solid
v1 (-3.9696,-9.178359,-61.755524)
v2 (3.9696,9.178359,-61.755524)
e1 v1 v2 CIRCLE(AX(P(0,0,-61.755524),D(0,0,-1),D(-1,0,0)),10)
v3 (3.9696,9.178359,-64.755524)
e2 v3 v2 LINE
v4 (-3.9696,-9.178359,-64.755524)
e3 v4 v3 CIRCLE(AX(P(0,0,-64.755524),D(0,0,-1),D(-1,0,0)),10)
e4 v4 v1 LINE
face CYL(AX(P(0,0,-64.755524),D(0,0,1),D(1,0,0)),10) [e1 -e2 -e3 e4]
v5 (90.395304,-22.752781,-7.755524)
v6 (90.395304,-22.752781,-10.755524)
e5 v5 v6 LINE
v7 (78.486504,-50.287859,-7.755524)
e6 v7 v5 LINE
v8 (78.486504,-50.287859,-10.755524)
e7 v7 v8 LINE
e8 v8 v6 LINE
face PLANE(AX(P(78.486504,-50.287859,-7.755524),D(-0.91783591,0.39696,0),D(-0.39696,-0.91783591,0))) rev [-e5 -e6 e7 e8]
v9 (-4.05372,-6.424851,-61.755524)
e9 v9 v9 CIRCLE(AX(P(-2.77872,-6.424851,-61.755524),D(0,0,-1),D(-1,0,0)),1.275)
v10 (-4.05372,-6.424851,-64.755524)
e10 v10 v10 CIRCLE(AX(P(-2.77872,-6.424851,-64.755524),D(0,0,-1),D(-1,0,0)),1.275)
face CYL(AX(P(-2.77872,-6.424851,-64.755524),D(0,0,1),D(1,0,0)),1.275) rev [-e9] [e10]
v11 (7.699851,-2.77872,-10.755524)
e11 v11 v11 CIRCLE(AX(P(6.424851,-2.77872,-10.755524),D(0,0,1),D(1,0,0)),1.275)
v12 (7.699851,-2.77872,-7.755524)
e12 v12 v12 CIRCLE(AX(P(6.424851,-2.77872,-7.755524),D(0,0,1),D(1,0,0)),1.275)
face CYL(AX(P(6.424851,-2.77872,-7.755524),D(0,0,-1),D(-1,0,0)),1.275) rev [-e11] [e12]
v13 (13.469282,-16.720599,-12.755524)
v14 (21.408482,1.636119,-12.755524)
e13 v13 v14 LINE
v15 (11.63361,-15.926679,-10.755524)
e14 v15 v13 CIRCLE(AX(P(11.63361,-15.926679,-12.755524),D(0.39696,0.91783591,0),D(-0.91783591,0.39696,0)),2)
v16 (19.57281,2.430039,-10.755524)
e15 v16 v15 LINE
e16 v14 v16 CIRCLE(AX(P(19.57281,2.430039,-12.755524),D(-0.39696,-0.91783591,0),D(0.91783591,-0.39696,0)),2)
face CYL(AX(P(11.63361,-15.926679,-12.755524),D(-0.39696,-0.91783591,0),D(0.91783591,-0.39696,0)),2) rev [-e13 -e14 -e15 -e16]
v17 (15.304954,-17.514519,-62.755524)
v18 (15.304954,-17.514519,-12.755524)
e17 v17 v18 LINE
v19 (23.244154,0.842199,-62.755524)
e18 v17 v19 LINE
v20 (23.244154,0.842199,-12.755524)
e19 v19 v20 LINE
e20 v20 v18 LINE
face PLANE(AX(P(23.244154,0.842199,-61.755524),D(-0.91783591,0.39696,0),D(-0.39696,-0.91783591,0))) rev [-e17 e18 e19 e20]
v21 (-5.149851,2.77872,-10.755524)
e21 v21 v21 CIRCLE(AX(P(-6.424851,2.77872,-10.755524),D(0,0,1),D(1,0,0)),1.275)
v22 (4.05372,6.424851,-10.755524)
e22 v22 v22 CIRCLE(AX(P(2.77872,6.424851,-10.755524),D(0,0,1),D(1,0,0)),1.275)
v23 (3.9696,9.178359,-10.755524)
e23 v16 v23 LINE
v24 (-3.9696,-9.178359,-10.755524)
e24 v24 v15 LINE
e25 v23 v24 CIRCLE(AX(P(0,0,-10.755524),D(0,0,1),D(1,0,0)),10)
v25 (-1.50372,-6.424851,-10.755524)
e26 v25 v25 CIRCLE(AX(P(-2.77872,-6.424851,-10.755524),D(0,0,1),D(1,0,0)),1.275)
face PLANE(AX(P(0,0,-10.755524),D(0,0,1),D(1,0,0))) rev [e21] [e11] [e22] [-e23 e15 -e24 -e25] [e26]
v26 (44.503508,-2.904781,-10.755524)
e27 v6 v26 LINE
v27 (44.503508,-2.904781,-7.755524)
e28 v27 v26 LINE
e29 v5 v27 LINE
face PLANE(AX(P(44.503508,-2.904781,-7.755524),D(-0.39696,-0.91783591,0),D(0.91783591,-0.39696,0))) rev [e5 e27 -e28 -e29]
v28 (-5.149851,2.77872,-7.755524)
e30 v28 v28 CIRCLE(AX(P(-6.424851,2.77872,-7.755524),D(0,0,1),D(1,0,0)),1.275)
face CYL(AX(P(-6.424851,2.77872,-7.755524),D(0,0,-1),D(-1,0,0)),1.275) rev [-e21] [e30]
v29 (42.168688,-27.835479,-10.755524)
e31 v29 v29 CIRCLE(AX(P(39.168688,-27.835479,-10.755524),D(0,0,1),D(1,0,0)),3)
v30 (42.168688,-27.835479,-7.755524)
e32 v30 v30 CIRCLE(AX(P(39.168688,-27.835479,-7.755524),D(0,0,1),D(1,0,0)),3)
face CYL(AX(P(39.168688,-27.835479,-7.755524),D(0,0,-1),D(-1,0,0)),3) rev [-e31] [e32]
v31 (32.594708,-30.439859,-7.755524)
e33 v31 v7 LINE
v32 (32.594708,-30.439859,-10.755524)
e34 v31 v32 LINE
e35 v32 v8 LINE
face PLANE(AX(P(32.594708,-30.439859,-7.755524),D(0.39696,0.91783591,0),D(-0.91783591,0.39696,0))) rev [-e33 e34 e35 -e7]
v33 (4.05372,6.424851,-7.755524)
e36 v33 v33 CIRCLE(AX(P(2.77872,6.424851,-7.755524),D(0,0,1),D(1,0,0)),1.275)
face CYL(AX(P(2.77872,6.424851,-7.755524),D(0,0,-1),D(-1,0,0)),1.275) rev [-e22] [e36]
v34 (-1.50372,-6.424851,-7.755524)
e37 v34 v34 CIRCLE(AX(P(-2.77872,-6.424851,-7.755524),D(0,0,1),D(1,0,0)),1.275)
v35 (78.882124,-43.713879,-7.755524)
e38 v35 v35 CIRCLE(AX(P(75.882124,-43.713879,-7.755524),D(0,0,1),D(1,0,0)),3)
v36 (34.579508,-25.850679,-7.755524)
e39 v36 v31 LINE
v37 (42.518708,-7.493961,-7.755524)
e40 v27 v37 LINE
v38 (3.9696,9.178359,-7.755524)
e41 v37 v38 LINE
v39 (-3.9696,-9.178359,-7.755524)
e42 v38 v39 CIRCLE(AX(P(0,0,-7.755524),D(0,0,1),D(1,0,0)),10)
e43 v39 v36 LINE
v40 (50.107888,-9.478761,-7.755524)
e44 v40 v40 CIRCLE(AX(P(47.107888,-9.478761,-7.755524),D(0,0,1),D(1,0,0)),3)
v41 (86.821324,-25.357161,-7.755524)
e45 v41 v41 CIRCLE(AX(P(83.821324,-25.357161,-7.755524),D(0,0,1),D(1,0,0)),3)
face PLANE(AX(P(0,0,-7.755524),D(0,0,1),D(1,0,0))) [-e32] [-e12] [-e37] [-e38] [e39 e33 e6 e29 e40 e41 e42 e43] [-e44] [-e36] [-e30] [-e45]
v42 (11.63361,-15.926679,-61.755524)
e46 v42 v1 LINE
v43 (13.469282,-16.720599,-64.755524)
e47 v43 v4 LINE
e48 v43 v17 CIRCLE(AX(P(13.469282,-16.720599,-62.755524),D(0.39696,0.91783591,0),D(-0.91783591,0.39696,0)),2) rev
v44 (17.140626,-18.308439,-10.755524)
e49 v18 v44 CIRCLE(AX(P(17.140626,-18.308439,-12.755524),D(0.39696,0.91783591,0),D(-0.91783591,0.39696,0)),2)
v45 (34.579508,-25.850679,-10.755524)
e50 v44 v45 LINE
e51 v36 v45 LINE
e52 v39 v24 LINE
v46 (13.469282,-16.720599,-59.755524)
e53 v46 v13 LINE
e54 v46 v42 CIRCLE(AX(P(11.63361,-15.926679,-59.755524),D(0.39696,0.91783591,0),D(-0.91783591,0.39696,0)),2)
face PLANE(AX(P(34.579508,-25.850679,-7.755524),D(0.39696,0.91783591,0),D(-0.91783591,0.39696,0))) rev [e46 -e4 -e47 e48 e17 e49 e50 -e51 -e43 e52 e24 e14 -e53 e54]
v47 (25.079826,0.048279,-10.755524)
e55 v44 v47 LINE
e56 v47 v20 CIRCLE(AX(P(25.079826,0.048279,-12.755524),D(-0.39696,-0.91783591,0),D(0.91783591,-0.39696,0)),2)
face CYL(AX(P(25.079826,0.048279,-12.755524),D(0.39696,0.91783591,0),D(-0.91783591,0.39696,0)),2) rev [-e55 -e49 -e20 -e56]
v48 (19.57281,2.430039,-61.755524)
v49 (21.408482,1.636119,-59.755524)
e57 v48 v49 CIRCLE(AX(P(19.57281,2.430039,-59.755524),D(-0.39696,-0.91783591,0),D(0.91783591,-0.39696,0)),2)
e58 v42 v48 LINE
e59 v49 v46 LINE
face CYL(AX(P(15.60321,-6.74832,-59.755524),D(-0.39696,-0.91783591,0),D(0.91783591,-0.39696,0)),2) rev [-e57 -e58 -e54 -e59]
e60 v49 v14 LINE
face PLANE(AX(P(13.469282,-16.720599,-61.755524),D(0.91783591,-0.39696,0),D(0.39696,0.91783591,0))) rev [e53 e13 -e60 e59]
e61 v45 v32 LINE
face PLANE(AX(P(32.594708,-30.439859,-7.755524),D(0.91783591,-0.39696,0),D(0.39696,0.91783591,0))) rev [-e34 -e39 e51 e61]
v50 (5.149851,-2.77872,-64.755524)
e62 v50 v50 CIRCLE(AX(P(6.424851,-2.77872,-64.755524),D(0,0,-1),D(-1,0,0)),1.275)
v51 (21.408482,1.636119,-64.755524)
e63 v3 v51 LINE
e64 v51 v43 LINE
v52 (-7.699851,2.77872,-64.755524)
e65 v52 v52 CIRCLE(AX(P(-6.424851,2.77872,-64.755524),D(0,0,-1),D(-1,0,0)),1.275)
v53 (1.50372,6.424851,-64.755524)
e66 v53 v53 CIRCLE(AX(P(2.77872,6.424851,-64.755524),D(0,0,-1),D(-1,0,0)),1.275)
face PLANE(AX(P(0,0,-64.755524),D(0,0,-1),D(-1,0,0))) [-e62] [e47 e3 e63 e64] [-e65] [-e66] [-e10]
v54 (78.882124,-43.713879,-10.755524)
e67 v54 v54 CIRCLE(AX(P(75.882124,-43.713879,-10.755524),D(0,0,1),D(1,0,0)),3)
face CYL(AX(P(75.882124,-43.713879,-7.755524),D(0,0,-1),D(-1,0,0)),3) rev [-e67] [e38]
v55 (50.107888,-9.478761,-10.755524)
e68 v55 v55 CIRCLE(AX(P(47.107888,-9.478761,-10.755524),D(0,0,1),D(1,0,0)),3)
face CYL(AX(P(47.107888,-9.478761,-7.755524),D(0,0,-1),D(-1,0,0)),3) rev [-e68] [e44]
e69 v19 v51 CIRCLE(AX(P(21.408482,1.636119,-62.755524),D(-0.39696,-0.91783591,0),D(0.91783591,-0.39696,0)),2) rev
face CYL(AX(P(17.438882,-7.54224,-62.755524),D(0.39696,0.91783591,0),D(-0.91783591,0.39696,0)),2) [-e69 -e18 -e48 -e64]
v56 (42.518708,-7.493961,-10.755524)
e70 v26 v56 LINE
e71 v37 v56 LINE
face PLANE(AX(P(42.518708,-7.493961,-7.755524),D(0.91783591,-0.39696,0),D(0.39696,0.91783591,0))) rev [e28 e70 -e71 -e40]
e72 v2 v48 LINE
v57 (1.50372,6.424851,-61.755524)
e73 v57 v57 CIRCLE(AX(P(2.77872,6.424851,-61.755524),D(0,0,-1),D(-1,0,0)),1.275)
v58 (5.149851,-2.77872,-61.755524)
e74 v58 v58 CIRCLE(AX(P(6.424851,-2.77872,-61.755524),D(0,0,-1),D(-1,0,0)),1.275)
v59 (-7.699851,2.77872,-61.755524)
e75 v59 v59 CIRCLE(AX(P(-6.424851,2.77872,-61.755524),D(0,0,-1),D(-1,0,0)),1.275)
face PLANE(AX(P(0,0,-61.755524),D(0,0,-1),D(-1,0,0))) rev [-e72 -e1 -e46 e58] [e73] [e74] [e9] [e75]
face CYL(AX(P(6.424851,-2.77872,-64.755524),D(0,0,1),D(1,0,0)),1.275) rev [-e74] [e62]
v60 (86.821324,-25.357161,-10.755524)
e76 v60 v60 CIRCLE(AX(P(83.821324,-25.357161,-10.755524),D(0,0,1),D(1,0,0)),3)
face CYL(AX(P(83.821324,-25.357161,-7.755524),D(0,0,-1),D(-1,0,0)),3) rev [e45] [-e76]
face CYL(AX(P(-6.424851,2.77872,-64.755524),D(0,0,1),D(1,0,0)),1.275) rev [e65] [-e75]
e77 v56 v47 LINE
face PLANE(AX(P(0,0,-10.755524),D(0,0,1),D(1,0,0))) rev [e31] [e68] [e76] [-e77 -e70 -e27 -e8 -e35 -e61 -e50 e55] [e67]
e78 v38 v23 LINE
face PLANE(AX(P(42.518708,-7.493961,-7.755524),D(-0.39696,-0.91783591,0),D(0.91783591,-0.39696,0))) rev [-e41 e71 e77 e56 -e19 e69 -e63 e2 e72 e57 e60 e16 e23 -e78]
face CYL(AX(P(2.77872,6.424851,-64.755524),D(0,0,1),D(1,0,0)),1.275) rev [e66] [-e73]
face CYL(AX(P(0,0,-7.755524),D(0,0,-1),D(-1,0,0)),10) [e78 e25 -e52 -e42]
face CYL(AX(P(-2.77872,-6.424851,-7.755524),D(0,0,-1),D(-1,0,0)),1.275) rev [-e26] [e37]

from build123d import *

# Parameters (mm, degrees)
ESQUISSE2_R        = 1.275
ESQUISSE2_R_2      = 3
BOSS_EXTRU_1_DEPTH = 3
BOSS_EXTRU_4_DEPTH = 51
CONG_1_R           = 2
ESQUISSE6_R        = 1.275
BOSS_EXTRU_5_DEPTH = 3
CONG_2_R           = 2


with BuildPart() as part:
    # Esquisse2 → Boss.-Extru.1 (new body)
    with BuildSketch(Plane.XY.offset(-10.755524)):
        with BuildLine():
            Line((42.518708, -7.493961), (3.9696, 9.178359))
            ThreePointArc((3.9696, 9.178359), (-9.178359, 3.9696), (-3.9696, -9.178359))
            Line((-3.9696, -9.178359), (34.579508, -25.850679))
            Line((34.579508, -25.850679), (32.594708, -30.439859))
            Line((32.594708, -30.439859), (78.486504, -50.287859))
            Line((78.486504, -50.287859), (90.395304, -22.752781))
            Line((90.395304, -22.752781), (44.503508, -2.904781))
            Line((44.503508, -2.904781), (42.518708, -7.493961))
        make_face()
        with Locations((6.424851, -2.77872)):
            Circle(ESQUISSE2_R, mode=Mode.SUBTRACT)
        with Locations((-2.77872, -6.424851)):
            Circle(ESQUISSE2_R, mode=Mode.SUBTRACT)
        with Locations((-6.424851, 2.77872)):
            Circle(ESQUISSE2_R, mode=Mode.SUBTRACT)
        with Locations((2.77872, 6.424851)):
            Circle(ESQUISSE2_R, mode=Mode.SUBTRACT)
        with Locations((75.882124, -43.713879)):
            Circle(ESQUISSE2_R_2, mode=Mode.SUBTRACT)
        with Locations((83.821324, -25.357161)):
            Circle(ESQUISSE2_R_2, mode=Mode.SUBTRACT)
        with Locations((47.107888, -9.478761)):
            Circle(ESQUISSE2_R_2, mode=Mode.SUBTRACT)
        with Locations((39.168688, -27.835479)):
            Circle(ESQUISSE2_R_2, mode=Mode.SUBTRACT)
    extrude(amount=BOSS_EXTRU_1_DEPTH)

    # Esquisse5 → Boss.-Extru.4 (add)
    with BuildSketch(Plane(origin=(0, 0, -10.755524), x_dir=(-1, 0, 0), z_dir=(0, 0, -1))):
        Polygon((-13.469282, -16.720599), (-21.408482, 1.636119), (-23.244154, 0.842199), (-15.304954, -17.514519), align=None)
    extrude(amount=BOSS_EXTRU_4_DEPTH)

    # Congé1
    cong_1_edges = [part.edges().sort_by_distance(p)[0] for p in [
        (19.274554, -8.33616, -10.755524),
        (17.438882, -7.54224, -10.755524),
    ]]
    fillet(cong_1_edges, radius=CONG_1_R)

    # Esquisse6 → Boss.-Extru.5 (add)
    with BuildSketch(Plane(origin=(0, 0, -61.755524), x_dir=(-1, 0, 0), z_dir=(0, 0, -1))):
        with BuildLine():
            Line((3.9696, -9.178359), (-11.63361, -15.926679))
            Line((-11.63361, -15.926679), (-15.304954, -17.514519))
            Line((-15.304954, -17.514519), (-23.244154, 0.842199))
            Line((-23.244154, 0.842199), (-19.57281, 2.430039))
            Line((-19.57281, 2.430039), (-3.9696, 9.178359))
            ThreePointArc((-3.9696, 9.178359), (9.178359, 3.9696), (3.9696, -9.178359))
        make_face()
        with Locations((6.424851, 2.77872)):
            Circle(ESQUISSE6_R, mode=Mode.SUBTRACT)
        with Locations((-2.77872, 6.424851)):
            Circle(ESQUISSE6_R, mode=Mode.SUBTRACT)
        with Locations((-6.424851, -2.77872)):
            Circle(ESQUISSE6_R, mode=Mode.SUBTRACT)
        with Locations((2.77872, -6.424851)):
            Circle(ESQUISSE6_R, mode=Mode.SUBTRACT)
    extrude(amount=BOSS_EXTRU_5_DEPTH)

    # Congé2
    cong_2_edges = [part.edges().sort_by_distance(p)[0] for p in [
        (17.438882, -7.54224, -61.755524),
        (19.274554, -8.33616, -64.755524),
    ]]
    fillet(cong_2_edges, radius=CONG_2_R)


solid = part.part
